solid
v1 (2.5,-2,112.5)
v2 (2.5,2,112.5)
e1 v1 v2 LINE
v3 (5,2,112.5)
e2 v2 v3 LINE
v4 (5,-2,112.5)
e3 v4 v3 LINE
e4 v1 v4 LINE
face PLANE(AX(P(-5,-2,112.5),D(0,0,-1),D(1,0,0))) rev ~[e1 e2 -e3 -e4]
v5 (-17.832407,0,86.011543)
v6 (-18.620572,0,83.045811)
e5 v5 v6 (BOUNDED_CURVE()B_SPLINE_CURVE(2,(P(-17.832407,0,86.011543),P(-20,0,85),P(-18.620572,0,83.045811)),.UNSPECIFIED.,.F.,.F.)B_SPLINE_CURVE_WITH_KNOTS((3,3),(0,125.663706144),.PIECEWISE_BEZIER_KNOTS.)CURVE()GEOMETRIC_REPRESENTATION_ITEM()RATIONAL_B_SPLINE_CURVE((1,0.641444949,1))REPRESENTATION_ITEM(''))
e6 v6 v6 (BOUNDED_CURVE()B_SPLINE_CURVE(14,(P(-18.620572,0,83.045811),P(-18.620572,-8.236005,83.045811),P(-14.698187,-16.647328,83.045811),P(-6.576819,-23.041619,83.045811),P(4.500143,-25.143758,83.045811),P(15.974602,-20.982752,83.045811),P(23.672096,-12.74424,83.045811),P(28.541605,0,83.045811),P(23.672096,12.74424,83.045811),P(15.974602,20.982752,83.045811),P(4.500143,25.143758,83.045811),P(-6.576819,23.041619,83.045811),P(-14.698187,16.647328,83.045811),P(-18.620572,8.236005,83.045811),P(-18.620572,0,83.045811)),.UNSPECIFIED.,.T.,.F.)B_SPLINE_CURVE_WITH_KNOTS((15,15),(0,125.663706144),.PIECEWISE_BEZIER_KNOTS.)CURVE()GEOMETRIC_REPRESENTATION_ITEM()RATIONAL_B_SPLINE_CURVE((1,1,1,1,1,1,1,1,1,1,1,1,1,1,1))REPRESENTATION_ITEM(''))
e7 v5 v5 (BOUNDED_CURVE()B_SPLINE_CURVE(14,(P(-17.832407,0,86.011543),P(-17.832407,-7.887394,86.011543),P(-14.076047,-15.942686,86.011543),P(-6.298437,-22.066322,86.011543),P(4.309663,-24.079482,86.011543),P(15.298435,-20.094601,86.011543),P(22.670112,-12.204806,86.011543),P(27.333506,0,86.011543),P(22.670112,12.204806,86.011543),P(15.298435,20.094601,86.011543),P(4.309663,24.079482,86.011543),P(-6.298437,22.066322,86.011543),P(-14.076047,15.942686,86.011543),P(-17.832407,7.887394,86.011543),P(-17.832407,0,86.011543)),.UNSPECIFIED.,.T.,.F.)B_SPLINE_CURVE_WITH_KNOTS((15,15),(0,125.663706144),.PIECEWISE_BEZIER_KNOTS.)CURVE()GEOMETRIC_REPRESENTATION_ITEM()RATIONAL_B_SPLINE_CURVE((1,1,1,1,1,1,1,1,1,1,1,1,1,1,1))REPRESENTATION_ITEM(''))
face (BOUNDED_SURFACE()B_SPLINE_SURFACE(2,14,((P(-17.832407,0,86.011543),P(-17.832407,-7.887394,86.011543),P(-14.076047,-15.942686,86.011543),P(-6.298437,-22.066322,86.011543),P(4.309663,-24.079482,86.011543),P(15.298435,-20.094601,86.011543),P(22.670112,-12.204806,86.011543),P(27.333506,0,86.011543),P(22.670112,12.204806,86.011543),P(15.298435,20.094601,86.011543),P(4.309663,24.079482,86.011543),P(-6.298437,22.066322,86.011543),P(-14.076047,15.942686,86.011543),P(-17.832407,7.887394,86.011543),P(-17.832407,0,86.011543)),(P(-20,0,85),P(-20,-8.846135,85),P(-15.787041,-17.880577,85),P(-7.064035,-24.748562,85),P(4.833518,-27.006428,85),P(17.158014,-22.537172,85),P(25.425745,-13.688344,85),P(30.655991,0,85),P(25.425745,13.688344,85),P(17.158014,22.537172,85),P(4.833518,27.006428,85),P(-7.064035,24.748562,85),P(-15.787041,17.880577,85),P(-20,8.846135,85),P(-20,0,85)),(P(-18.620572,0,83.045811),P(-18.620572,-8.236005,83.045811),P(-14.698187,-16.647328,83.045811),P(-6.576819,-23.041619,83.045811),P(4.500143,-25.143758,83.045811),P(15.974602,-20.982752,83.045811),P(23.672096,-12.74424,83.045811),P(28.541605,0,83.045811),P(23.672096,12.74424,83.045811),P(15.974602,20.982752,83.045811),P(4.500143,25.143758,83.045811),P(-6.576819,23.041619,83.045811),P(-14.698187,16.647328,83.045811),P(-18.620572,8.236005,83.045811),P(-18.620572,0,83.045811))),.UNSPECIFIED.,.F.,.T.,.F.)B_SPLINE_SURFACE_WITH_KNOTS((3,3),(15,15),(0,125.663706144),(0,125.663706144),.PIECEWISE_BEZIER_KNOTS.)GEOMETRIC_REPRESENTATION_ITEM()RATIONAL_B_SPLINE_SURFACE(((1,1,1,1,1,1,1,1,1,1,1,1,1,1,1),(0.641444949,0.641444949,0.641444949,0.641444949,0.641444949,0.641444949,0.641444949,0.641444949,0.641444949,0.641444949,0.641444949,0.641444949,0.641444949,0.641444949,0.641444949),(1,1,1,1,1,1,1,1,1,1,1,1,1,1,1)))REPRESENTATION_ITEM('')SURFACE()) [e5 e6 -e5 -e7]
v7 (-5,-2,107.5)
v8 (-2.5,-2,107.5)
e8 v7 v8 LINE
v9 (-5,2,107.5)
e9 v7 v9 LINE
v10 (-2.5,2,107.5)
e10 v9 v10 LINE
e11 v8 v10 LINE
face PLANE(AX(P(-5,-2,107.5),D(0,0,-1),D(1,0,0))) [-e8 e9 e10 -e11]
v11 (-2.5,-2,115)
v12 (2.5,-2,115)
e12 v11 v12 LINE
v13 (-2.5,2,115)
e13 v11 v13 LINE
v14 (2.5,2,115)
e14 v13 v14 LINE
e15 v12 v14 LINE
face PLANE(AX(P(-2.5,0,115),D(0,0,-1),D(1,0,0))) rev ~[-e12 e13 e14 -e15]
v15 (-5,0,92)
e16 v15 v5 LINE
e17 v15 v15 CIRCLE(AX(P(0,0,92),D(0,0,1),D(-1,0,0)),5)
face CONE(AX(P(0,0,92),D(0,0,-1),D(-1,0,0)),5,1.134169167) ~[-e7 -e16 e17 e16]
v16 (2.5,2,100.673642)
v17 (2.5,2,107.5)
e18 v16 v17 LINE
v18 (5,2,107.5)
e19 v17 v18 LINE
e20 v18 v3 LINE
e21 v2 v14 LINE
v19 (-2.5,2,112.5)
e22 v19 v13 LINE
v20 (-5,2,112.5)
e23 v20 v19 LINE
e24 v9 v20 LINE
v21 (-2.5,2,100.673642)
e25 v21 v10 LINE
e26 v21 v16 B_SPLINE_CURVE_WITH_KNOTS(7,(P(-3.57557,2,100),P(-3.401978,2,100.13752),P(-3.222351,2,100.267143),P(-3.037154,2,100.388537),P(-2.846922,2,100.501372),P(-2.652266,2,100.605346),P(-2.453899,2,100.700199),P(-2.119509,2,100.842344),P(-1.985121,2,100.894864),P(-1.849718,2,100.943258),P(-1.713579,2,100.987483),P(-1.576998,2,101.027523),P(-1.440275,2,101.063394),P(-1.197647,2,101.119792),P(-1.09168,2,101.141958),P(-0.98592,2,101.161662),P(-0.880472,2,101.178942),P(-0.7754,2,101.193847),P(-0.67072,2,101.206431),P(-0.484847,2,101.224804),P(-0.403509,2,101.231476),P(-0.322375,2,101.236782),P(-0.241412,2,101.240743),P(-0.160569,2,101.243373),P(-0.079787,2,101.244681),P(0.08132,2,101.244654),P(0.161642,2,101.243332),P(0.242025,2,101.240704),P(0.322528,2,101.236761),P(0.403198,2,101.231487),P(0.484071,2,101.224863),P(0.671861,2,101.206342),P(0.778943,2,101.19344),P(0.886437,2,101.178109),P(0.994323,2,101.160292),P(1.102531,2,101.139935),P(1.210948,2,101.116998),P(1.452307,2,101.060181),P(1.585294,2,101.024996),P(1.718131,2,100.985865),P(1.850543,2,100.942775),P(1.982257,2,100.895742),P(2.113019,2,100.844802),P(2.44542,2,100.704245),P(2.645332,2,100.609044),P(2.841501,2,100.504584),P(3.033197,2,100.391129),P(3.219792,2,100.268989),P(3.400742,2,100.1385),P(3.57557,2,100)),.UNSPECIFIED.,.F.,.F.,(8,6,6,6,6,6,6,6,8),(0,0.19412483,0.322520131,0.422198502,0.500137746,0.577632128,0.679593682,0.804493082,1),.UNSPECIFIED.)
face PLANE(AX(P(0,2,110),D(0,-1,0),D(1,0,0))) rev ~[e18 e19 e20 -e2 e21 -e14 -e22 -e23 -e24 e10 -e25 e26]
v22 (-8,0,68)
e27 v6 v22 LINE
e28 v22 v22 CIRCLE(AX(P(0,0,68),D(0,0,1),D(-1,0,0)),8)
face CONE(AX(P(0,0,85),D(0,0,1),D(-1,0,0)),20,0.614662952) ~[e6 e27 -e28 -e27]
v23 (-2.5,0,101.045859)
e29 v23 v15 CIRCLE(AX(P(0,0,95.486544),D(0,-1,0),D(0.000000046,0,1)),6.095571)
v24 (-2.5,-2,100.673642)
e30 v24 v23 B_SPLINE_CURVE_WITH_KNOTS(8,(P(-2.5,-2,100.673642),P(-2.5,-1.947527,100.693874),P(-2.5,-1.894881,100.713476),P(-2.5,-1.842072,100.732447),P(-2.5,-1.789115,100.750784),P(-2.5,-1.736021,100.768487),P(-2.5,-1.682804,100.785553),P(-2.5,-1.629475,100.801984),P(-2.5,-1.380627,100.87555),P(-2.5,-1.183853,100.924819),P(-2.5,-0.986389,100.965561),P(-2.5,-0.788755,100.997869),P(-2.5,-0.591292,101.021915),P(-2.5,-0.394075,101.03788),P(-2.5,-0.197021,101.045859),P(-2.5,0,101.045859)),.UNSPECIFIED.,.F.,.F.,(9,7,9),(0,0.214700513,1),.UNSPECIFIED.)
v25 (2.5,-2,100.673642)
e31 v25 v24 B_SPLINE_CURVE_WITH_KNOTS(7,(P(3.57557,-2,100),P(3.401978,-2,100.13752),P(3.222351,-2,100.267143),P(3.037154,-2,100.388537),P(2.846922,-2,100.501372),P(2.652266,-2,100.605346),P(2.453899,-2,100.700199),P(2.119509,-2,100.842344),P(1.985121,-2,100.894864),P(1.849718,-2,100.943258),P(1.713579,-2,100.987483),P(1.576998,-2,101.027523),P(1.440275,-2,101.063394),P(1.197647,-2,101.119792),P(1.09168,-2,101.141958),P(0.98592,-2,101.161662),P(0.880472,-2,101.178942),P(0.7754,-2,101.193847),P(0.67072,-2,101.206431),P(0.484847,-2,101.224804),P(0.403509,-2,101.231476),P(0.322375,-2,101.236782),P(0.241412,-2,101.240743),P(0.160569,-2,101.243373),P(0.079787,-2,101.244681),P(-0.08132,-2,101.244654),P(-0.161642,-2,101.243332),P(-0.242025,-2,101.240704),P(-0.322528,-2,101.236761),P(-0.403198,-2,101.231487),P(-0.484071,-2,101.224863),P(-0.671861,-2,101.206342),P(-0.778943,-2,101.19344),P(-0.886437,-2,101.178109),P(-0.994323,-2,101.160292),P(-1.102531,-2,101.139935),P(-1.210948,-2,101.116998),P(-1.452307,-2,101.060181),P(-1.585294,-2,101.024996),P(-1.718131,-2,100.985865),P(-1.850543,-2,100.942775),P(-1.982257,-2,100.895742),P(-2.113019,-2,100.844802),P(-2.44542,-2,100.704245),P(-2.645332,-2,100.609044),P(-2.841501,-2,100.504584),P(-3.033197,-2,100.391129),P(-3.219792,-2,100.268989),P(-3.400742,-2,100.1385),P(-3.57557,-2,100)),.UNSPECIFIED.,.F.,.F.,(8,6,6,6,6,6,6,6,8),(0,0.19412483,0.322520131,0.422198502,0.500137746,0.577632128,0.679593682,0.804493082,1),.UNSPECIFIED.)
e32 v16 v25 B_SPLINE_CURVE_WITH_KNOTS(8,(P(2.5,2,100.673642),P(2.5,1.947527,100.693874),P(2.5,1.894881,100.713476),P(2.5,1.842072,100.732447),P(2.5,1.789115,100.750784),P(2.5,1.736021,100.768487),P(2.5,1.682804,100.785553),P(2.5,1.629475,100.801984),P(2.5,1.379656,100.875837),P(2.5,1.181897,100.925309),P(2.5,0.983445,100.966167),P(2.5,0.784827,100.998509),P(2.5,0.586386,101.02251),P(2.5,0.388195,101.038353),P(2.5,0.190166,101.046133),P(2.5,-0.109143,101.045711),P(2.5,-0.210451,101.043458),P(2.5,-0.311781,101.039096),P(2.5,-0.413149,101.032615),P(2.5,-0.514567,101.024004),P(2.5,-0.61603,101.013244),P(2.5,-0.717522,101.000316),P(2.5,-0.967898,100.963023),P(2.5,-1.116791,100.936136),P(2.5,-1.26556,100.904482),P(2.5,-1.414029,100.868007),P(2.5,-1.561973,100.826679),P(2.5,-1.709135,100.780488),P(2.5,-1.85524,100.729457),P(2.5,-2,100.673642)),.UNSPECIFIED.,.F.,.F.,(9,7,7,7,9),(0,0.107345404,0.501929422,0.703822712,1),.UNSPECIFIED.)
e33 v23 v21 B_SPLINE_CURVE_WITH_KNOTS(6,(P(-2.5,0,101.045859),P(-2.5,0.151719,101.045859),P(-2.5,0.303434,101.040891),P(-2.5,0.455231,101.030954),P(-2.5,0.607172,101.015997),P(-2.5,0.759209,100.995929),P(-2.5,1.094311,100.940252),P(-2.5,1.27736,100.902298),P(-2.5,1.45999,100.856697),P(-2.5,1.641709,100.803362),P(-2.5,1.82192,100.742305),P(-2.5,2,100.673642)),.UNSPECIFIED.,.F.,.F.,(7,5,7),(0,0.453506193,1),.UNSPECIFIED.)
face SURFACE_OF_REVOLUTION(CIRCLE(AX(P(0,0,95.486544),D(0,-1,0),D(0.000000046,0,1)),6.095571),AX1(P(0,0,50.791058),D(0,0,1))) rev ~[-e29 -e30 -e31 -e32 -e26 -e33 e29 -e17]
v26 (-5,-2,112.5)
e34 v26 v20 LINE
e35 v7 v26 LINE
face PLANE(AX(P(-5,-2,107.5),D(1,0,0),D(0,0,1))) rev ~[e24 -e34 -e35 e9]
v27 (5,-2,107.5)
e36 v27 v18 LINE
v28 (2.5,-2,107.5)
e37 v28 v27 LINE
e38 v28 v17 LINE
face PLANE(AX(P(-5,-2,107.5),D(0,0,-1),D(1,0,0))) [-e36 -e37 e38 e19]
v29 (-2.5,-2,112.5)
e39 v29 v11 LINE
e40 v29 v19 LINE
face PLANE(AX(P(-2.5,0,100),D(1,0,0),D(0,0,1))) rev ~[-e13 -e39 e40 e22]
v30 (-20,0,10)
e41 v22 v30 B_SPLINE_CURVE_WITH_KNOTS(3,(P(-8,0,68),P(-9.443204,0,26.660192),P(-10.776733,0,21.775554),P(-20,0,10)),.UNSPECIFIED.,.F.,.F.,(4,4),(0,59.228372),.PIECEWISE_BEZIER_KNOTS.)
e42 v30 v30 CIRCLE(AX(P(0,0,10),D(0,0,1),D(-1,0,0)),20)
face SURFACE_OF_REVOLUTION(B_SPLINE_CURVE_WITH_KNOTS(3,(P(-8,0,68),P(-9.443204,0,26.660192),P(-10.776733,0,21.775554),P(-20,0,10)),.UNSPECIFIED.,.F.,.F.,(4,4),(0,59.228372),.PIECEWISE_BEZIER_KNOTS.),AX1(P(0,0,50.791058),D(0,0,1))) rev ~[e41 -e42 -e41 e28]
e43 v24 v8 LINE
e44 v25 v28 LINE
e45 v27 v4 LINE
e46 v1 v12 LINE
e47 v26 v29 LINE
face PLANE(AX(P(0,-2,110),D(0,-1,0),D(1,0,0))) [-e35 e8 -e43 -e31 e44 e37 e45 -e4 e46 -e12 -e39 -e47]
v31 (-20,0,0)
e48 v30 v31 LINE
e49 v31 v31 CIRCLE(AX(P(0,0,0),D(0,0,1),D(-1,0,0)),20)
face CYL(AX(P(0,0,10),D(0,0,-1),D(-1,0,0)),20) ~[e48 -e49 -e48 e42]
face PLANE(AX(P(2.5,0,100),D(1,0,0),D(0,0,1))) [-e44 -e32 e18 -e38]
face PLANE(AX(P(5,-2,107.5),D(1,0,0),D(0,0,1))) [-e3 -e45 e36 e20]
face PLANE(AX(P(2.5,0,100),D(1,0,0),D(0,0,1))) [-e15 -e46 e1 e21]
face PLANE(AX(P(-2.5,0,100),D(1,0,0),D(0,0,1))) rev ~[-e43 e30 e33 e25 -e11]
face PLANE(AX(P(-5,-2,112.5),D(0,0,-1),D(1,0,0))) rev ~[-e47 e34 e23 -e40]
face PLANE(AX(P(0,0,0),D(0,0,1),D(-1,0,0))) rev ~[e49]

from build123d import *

# Parameters (mm, degrees)
F0_W          = 5
F0_H          = 15
F1_DEPTH      = 2
F1_DEPTH_BACK = 2
F2_W          = 10
F2_H          = 5
F3_DEPTH      = 4
F6_R          = 2


with BuildPart() as f1:
    # F0 (on Front) → F1 (new body, two sides)
    with BuildSketch(Plane.XZ) as f1_sk:
        with Locations((0, 107.5)):
            Rectangle(F0_W, F0_H)
    extrude(amount=F1_DEPTH)
    extrude(f1_sk.sketch, amount=-F1_DEPTH_BACK)

    # F2 (on face) → F3 (join)
    with BuildSketch(Plane.XZ.offset(2)):
        with Locations((0, 110)):
            Rectangle(F2_W, F2_H)
    extrude(amount=-F3_DEPTH)

    # F4 (on Front) → F5 (revolve)
    with BuildSketch(Plane.XZ):
        with BuildLine():
            ThreePointArc((0, 101.582115), (-5.404094, 98.30643), (-5, 92))
            Line((-5, 92), (-20, 85))
            Line((-20, 85), (-8, 68))
            add(Edge.make_bspline(
                [(-8, 68), (-9.443204, 26.660192), (-10.776733, 21.775554), (-20, 10)],
                knots=[0, 0, 0, 0, 59.228372, 59.228372, 59.228372, 59.228372], degree=3))
            Line((-20, 10), (-20, 0))
            Line((-20, 0), (0, 0))
            Line((0, 0), (0, 101.582115))
        make_face()
    revolve(axis=Axis((0, 0, 50.791058), (0, 0, 1)))

    # F6
    f6_edges = [f1.edges().sort_by_distance(p)[0] for p in [
        (20, 0, 85),
    ]]
    fillet(f6_edges, radius=F6_R)


solid = f1.part
